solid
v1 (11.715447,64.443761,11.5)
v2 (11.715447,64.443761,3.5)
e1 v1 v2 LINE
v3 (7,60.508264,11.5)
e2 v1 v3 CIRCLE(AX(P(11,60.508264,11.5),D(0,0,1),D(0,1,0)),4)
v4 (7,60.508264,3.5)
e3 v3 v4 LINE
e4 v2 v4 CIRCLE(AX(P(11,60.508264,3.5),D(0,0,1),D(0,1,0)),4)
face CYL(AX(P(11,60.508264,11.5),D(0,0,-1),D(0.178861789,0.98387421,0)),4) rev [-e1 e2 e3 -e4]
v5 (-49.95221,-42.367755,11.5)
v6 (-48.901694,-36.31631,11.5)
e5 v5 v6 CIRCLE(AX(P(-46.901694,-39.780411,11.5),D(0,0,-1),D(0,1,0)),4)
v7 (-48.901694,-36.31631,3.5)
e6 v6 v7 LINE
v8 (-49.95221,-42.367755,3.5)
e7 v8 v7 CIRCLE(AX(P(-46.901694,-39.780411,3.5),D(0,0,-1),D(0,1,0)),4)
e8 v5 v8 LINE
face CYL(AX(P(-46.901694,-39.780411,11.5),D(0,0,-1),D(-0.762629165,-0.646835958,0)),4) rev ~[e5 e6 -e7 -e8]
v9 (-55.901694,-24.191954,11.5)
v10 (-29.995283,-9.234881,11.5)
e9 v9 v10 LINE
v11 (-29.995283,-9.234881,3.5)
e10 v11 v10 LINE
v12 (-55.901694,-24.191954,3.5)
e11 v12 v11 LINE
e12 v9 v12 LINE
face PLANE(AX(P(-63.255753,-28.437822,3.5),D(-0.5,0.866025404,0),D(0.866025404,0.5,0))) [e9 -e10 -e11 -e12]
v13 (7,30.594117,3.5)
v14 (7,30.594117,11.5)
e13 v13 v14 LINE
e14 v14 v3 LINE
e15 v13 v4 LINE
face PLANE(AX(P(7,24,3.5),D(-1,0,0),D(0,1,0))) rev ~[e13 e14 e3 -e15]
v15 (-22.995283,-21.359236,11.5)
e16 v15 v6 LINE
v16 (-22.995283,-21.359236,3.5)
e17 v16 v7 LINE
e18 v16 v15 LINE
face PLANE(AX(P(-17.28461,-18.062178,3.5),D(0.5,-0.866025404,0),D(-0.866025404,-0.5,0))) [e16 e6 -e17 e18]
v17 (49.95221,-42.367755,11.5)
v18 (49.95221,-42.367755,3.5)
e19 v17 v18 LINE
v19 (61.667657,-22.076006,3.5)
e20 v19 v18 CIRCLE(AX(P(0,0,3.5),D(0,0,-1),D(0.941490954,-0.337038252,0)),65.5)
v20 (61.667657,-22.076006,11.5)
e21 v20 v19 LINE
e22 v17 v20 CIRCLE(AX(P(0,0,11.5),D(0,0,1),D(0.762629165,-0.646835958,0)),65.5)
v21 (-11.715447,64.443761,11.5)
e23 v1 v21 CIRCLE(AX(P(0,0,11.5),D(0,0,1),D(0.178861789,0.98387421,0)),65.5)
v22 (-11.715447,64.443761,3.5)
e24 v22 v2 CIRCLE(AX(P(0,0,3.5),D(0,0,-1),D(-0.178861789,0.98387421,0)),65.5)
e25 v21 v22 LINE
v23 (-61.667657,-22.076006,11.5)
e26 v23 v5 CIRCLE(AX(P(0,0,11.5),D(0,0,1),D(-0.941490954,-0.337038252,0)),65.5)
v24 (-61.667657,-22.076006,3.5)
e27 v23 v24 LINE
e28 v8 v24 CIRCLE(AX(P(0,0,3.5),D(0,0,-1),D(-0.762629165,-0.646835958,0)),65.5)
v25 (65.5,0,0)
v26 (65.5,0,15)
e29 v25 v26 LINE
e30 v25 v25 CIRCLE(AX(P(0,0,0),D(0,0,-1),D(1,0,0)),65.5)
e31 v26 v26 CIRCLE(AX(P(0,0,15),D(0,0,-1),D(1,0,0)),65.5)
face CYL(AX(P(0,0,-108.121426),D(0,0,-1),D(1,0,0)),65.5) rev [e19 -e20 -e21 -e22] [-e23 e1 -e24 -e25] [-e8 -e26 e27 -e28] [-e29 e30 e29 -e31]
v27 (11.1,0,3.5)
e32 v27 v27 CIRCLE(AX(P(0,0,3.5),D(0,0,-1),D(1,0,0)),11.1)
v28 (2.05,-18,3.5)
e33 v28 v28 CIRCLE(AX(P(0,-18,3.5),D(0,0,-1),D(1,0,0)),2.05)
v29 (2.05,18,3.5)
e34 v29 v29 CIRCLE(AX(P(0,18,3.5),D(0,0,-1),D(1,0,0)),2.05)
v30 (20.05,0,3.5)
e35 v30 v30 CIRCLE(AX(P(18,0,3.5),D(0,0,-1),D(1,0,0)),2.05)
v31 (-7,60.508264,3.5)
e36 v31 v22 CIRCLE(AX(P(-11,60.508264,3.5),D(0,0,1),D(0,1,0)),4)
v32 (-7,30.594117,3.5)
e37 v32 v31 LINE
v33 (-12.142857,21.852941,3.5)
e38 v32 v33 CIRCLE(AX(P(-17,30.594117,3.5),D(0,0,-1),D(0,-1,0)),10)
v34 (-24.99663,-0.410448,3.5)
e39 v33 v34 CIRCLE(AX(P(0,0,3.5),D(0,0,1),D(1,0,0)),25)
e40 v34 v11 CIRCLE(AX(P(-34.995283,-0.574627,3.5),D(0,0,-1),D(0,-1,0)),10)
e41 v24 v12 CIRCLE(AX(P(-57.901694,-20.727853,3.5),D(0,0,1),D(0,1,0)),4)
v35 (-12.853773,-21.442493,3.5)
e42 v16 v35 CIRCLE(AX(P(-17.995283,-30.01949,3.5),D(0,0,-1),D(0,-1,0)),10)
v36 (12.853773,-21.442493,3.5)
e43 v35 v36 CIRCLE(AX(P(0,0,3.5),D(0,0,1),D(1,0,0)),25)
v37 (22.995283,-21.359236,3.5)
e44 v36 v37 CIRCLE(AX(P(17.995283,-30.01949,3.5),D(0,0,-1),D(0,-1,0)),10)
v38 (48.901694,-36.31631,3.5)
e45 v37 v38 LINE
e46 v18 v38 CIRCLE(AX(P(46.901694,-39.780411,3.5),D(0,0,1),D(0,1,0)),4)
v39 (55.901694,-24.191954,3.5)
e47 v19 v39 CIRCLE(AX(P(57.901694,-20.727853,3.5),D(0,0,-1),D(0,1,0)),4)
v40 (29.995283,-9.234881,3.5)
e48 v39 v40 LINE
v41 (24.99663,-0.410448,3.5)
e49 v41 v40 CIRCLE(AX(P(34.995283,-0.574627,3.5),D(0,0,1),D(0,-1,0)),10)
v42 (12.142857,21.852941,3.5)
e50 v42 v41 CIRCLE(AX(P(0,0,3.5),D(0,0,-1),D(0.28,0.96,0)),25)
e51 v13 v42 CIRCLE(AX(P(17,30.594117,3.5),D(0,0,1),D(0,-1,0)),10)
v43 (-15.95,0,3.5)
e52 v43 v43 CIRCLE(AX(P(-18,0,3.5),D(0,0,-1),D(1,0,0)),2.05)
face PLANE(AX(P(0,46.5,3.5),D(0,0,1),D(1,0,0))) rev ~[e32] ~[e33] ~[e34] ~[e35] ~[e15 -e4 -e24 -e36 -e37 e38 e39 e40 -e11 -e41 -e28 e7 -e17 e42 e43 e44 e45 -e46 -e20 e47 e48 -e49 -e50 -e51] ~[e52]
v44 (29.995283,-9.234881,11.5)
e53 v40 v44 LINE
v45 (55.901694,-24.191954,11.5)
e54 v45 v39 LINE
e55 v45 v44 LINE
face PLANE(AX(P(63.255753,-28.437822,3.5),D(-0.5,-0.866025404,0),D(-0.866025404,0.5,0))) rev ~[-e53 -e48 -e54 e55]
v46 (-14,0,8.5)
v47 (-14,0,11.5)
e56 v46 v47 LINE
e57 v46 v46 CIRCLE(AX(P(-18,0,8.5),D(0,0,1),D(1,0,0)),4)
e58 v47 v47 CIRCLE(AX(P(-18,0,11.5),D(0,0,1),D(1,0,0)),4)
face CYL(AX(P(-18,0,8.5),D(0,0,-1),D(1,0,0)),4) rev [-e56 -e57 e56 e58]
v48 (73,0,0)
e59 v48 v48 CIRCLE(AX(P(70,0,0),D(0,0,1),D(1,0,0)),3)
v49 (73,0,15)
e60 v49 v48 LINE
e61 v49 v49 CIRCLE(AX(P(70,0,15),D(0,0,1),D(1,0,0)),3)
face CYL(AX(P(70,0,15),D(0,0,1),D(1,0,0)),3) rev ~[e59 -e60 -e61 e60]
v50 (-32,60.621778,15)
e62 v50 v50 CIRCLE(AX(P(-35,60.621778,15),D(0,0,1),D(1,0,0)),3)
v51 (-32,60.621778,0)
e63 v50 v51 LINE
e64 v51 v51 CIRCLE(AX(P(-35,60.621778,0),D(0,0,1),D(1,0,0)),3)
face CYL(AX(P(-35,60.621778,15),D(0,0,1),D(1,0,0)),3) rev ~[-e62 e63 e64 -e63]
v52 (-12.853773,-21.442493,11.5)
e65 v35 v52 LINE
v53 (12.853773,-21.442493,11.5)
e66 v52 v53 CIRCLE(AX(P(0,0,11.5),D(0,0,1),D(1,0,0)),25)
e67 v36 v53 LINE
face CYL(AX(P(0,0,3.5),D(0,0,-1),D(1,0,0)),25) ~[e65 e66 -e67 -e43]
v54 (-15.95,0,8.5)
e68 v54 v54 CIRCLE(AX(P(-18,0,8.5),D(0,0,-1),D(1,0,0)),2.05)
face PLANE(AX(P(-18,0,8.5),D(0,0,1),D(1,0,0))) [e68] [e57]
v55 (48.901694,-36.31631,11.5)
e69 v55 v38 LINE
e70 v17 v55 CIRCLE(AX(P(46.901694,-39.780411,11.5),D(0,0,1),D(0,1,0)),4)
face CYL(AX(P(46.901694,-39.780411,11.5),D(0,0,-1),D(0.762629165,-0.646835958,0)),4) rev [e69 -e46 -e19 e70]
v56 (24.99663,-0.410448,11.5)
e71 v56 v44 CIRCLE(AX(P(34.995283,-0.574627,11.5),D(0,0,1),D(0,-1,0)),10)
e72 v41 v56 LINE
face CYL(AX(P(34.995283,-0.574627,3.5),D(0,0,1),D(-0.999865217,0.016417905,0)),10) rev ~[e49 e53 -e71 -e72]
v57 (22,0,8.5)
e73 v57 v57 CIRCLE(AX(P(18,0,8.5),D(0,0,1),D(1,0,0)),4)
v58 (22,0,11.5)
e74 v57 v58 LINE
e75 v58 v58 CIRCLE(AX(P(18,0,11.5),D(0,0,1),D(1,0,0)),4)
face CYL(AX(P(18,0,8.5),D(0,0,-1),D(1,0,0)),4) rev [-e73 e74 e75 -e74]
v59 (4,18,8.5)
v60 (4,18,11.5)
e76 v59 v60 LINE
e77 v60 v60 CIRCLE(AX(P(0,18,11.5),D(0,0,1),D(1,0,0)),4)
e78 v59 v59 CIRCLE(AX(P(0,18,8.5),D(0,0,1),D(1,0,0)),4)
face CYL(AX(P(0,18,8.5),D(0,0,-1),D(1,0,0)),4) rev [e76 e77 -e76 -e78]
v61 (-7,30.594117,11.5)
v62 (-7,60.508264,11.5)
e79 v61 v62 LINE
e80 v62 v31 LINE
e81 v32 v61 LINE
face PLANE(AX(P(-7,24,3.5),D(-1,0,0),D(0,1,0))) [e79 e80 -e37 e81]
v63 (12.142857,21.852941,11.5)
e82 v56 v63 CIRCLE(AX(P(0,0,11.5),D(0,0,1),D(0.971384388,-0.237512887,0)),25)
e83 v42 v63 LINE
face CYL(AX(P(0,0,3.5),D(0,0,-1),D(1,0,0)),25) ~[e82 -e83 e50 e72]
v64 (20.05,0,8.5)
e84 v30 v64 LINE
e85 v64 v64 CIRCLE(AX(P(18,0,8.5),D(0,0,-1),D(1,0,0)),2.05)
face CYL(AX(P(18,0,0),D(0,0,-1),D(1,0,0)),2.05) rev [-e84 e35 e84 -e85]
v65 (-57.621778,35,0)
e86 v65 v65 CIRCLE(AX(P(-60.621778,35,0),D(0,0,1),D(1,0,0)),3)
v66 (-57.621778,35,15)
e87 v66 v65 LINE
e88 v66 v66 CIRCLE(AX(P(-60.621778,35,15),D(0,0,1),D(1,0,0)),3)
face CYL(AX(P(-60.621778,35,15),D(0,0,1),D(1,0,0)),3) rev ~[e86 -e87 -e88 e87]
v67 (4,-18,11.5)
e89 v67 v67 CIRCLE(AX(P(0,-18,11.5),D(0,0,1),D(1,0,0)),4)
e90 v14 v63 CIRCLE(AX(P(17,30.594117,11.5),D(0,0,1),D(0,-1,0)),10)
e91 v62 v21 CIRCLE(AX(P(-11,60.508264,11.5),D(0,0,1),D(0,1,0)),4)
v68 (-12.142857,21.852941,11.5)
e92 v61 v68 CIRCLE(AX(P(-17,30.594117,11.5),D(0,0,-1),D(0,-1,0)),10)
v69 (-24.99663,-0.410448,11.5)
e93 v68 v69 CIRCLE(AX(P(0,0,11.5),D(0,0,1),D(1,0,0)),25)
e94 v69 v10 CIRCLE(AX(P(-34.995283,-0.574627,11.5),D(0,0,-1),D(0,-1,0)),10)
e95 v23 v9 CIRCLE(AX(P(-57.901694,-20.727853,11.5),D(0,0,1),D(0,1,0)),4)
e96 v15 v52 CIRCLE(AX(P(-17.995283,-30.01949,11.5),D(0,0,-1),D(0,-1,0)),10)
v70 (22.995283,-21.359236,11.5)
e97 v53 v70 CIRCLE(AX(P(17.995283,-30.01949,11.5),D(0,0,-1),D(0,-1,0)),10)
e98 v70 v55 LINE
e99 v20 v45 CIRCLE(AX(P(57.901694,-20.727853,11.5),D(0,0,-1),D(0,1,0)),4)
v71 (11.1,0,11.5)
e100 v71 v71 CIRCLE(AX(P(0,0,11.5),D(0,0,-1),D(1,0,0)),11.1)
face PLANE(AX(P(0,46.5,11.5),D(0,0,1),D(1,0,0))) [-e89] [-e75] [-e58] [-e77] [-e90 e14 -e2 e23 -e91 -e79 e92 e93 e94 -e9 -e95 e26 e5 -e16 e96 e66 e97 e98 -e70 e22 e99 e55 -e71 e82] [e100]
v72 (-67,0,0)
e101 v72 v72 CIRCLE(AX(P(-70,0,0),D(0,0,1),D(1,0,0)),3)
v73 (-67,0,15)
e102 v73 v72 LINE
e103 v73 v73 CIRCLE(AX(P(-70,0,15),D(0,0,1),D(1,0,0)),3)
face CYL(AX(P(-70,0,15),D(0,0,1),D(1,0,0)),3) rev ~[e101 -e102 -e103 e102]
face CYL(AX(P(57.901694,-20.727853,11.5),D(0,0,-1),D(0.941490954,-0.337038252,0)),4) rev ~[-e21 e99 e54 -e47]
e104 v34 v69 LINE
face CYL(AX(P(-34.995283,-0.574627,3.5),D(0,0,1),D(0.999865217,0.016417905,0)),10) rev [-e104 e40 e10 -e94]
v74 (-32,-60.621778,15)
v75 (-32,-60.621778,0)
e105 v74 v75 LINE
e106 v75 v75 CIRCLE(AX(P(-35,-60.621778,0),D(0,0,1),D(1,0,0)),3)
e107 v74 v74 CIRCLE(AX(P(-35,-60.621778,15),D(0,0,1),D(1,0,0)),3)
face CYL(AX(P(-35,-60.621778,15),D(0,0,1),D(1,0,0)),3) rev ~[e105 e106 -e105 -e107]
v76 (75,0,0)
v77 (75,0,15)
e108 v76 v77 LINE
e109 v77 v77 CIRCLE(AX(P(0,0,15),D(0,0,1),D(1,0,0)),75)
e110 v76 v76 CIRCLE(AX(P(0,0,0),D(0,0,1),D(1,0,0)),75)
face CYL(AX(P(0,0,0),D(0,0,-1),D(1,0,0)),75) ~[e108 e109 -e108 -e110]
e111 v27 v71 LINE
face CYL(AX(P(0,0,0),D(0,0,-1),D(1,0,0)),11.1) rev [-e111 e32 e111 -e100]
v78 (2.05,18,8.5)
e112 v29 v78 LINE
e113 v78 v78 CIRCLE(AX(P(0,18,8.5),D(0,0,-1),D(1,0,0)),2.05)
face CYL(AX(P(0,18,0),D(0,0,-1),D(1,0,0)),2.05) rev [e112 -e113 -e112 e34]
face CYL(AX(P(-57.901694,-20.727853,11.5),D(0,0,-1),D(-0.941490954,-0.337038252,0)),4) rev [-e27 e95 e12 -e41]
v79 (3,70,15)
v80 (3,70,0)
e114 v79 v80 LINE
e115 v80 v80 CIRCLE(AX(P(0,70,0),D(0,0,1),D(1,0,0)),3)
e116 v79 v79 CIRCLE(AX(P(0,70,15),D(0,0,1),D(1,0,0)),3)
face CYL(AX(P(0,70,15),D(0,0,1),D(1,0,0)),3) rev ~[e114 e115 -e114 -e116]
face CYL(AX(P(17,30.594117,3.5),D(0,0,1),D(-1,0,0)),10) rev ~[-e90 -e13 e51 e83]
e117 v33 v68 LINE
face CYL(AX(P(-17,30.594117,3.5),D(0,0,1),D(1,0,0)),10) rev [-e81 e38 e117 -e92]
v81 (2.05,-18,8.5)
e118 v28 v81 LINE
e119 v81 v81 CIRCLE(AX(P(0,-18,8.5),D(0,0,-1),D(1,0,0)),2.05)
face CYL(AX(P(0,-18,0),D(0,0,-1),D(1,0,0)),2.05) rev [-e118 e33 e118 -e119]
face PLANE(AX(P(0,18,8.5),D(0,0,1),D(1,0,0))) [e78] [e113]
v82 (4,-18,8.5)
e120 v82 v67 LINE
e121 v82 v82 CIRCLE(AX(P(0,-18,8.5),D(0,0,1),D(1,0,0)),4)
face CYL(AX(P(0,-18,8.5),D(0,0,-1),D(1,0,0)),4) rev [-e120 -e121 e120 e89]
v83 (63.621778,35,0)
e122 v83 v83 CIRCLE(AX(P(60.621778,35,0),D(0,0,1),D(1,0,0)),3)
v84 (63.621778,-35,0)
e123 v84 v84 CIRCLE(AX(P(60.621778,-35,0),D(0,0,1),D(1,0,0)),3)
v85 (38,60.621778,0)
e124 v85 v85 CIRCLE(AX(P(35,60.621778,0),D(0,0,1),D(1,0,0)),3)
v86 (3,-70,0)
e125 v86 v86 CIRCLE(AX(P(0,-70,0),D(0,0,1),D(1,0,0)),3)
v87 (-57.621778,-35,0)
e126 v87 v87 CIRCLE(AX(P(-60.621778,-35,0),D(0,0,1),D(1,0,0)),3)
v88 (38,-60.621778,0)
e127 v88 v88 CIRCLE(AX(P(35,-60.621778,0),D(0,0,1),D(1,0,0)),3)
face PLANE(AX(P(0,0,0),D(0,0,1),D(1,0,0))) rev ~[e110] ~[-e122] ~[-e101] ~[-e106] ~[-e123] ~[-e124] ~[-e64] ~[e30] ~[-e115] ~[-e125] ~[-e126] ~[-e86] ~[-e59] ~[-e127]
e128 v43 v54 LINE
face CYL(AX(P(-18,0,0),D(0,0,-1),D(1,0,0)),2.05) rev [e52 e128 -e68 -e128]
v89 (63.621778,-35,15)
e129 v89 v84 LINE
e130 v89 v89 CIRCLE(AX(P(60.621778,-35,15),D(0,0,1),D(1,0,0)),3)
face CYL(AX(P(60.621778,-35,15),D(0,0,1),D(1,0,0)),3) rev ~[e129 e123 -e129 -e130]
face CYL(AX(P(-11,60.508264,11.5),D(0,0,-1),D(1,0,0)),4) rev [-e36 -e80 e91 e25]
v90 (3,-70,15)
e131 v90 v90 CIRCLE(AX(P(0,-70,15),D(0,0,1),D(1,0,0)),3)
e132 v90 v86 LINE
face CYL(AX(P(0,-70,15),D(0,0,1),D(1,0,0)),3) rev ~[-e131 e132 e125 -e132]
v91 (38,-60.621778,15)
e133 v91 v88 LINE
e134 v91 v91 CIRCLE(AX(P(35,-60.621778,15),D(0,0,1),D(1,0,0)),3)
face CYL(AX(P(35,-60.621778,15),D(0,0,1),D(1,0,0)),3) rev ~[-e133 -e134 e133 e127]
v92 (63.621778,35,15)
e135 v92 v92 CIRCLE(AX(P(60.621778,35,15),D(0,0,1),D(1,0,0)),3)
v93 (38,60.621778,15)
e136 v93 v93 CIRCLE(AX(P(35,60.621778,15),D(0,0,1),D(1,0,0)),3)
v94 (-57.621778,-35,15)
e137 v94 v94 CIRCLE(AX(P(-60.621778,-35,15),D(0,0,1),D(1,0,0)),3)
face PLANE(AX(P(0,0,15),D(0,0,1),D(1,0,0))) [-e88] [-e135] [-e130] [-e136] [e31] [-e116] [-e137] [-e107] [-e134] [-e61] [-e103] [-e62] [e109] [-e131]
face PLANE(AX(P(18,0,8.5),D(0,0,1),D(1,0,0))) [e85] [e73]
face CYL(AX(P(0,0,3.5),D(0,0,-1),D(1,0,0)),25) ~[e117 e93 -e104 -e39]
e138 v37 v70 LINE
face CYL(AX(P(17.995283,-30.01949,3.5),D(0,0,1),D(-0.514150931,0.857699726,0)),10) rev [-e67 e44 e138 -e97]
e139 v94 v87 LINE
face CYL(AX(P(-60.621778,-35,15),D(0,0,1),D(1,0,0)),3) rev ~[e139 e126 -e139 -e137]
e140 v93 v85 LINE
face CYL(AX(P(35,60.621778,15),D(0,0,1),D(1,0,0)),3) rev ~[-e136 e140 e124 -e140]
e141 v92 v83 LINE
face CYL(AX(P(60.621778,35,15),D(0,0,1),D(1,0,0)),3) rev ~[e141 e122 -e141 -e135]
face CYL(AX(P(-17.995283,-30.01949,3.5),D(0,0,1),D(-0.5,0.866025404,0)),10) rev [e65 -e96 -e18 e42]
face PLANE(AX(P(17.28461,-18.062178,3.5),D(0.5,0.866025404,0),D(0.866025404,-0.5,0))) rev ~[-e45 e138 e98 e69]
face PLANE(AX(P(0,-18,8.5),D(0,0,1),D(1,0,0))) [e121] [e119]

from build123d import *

# Parameters (mm, degrees)
SKETCH1_R               = 75
BOSS_EXTRUDE1_DEPTH     = 15
CUT_EXTRUDE1_DEPTH      = 108.121426428
CUT_EXTRUDE1_DEPTH_BACK = 108.121426428
SKETCH2_R               = 65.5
BOSS_EXTRUDE3_START     = 3.5
SKETCH5_R               = 25
BOSS_EXTRUDE3_DEPTH     = 8
BOSS_EXTRUDE4_START     = 3.5
SKETCH6_W               = 14
SKETCH6_H               = 45
BOSS_EXTRUDE4_DEPTH     = 8
SKETCH9_R               = 11.1
CUT_EXTRUDE4_DEPTH      = 108.121426428
SKETCH10_R              = 2.05
CUT_EXTRUDE5_DEPTH      = 108.121426428
FILLET3_R               = 10
CUT_EXTRUDE6_START      = 8.5
SKETCH11_R              = 4
CUT_EXTRUDE6_DEPTH      = 3
SKETCH12_R              = 3
CUT_EXTRUDE7_DEPTH      = 108.121426428
FILLET4_R               = 4


with BuildPart() as part:
    # Sketch1 → Boss-Extrude1 (new body)
    with BuildSketch(Plane.XY):
        Circle(SKETCH1_R)
    extrude(amount=BOSS_EXTRUDE1_DEPTH)

    # Sketch2 → Cut-Extrude1 (cut, two sides: drawn at the far end of the back side and taken through both)
    with BuildSketch(Plane.XY.offset(-CUT_EXTRUDE1_DEPTH_BACK)):
        Circle(SKETCH2_R)
    extrude(amount=CUT_EXTRUDE1_DEPTH + CUT_EXTRUDE1_DEPTH_BACK, mode=Mode.SUBTRACT)



with BuildPart() as body_2:
    # Sketch5 → Boss-Extrude3 (new body)
    with BuildSketch(Plane.XY.offset(BOSS_EXTRUDE3_START)):
        Circle(SKETCH5_R)
    extrude(amount=BOSS_EXTRUDE3_DEPTH)


with BuildPart() as part_1:
    add(part.part)

    add(body_2.part)  # Boss-Extrude4 merges body 2
    # Sketch6 → Boss-Extrude4 (add)
    with BuildSketch(Plane.XY.offset(BOSS_EXTRUDE4_START)):
        with Locations((0, 46.5)):
            Rectangle(SKETCH6_W, SKETCH6_H)
        Polygon((17.284609691, -18.062177826), (56.255752861, -40.562177826), (63.255752861, -28.437822174), (24.284609691, -5.937822174), align=None)
        Polygon((-17.284609691, -18.062177826), (-56.255752861, -40.562177826), (-63.255752861, -28.437822174), (-24.284609691, -5.937822174), align=None)
    extrude(amount=BOSS_EXTRUDE4_DEPTH)

    # Sketch9 → Cut-Extrude4 (cut, through all)
    with BuildSketch(Plane.XY):
        Circle(SKETCH9_R)
    extrude(amount=CUT_EXTRUDE4_DEPTH, mode=Mode.SUBTRACT)

    # Sketch10 → Cut-Extrude5 (cut, through all)
    with BuildSketch(Plane.XY):
        with Locations((0, 18)):
            Circle(SKETCH10_R)
        with Locations((18, 0)):
            Circle(SKETCH10_R)
        with Locations((0, -18)):
            Circle(SKETCH10_R)
        with Locations((-18, 0)):
            Circle(SKETCH10_R)
    extrude(amount=CUT_EXTRUDE5_DEPTH, mode=Mode.SUBTRACT)

    # Fillet3
    fillet3_edges = [part_1.edges().sort_by_distance(p)[0] for p in [
        (-7, 24, 7.5),
        (7, 24, 7.5),
        (24.284609691, -5.937822174, 7.5),
        (17.284609691, -18.062177826, 7.5),
        (-17.284609691, -18.062177826, 7.5),
        (-24.284609691, -5.937822174, 7.5),
    ]]
    fillet(fillet3_edges, radius=FILLET3_R)

    # Sketch11 → Cut-Extrude6 (cut)
    with BuildSketch(Plane.XY.offset(CUT_EXTRUDE6_START)):
        with Locations((18, 0)):
            Circle(SKETCH11_R)
        with Locations((0, -18)):
            Circle(SKETCH11_R)
        with Locations((-18, 0)):
            Circle(SKETCH11_R)
        with Locations((0, 18)):
            Circle(SKETCH11_R)
    extrude(amount=CUT_EXTRUDE6_DEPTH, mode=Mode.SUBTRACT)

    # Sketch12 → Cut-Extrude7 (cut, through all)
    with BuildSketch(Plane.XY.offset(15)):
        with Locations((0, 70)):
            Circle(SKETCH12_R)
        with Locations((35, 60.621778265)):
            Circle(SKETCH12_R)
        with Locations((60.621778265, 35)):
            Circle(SKETCH12_R)
        with Locations((70, 0)):
            Circle(SKETCH12_R)
        with Locations((60.621778265, -35)):
            Circle(SKETCH12_R)
        with Locations((35, -60.621778265)):
            Circle(SKETCH12_R)
        with Locations((0, -70)):
            Circle(SKETCH12_R)
        with Locations((-35, -60.621778265)):
            Circle(SKETCH12_R)
        with Locations((-60.621778265, -35)):
            Circle(SKETCH12_R)
        with Locations((-70, 0)):
            Circle(SKETCH12_R)
        with Locations((-60.621778265, 35)):
            Circle(SKETCH12_R)
        with Locations((-35, 60.621778265)):
            Circle(SKETCH12_R)
    extrude(amount=-CUT_EXTRUDE7_DEPTH, mode=Mode.SUBTRACT)

    # Fillet4
    fillet4_edges = [part_1.edges().sort_by_distance(p)[0] for p in [
        (7, 65.124880038, 7.5),
        (-7, 65.124880038, 7.5),
        (52.899800532, -38.624617846, 7.5),
        (59.899800532, -26.500262193, 7.5),
        (-59.899800532, -26.500262193, 7.5),
        (-52.899800532, -38.624617846, 7.5),
    ]]
    fillet(fillet4_edges, radius=FILLET4_R)


solid = part_1.part
